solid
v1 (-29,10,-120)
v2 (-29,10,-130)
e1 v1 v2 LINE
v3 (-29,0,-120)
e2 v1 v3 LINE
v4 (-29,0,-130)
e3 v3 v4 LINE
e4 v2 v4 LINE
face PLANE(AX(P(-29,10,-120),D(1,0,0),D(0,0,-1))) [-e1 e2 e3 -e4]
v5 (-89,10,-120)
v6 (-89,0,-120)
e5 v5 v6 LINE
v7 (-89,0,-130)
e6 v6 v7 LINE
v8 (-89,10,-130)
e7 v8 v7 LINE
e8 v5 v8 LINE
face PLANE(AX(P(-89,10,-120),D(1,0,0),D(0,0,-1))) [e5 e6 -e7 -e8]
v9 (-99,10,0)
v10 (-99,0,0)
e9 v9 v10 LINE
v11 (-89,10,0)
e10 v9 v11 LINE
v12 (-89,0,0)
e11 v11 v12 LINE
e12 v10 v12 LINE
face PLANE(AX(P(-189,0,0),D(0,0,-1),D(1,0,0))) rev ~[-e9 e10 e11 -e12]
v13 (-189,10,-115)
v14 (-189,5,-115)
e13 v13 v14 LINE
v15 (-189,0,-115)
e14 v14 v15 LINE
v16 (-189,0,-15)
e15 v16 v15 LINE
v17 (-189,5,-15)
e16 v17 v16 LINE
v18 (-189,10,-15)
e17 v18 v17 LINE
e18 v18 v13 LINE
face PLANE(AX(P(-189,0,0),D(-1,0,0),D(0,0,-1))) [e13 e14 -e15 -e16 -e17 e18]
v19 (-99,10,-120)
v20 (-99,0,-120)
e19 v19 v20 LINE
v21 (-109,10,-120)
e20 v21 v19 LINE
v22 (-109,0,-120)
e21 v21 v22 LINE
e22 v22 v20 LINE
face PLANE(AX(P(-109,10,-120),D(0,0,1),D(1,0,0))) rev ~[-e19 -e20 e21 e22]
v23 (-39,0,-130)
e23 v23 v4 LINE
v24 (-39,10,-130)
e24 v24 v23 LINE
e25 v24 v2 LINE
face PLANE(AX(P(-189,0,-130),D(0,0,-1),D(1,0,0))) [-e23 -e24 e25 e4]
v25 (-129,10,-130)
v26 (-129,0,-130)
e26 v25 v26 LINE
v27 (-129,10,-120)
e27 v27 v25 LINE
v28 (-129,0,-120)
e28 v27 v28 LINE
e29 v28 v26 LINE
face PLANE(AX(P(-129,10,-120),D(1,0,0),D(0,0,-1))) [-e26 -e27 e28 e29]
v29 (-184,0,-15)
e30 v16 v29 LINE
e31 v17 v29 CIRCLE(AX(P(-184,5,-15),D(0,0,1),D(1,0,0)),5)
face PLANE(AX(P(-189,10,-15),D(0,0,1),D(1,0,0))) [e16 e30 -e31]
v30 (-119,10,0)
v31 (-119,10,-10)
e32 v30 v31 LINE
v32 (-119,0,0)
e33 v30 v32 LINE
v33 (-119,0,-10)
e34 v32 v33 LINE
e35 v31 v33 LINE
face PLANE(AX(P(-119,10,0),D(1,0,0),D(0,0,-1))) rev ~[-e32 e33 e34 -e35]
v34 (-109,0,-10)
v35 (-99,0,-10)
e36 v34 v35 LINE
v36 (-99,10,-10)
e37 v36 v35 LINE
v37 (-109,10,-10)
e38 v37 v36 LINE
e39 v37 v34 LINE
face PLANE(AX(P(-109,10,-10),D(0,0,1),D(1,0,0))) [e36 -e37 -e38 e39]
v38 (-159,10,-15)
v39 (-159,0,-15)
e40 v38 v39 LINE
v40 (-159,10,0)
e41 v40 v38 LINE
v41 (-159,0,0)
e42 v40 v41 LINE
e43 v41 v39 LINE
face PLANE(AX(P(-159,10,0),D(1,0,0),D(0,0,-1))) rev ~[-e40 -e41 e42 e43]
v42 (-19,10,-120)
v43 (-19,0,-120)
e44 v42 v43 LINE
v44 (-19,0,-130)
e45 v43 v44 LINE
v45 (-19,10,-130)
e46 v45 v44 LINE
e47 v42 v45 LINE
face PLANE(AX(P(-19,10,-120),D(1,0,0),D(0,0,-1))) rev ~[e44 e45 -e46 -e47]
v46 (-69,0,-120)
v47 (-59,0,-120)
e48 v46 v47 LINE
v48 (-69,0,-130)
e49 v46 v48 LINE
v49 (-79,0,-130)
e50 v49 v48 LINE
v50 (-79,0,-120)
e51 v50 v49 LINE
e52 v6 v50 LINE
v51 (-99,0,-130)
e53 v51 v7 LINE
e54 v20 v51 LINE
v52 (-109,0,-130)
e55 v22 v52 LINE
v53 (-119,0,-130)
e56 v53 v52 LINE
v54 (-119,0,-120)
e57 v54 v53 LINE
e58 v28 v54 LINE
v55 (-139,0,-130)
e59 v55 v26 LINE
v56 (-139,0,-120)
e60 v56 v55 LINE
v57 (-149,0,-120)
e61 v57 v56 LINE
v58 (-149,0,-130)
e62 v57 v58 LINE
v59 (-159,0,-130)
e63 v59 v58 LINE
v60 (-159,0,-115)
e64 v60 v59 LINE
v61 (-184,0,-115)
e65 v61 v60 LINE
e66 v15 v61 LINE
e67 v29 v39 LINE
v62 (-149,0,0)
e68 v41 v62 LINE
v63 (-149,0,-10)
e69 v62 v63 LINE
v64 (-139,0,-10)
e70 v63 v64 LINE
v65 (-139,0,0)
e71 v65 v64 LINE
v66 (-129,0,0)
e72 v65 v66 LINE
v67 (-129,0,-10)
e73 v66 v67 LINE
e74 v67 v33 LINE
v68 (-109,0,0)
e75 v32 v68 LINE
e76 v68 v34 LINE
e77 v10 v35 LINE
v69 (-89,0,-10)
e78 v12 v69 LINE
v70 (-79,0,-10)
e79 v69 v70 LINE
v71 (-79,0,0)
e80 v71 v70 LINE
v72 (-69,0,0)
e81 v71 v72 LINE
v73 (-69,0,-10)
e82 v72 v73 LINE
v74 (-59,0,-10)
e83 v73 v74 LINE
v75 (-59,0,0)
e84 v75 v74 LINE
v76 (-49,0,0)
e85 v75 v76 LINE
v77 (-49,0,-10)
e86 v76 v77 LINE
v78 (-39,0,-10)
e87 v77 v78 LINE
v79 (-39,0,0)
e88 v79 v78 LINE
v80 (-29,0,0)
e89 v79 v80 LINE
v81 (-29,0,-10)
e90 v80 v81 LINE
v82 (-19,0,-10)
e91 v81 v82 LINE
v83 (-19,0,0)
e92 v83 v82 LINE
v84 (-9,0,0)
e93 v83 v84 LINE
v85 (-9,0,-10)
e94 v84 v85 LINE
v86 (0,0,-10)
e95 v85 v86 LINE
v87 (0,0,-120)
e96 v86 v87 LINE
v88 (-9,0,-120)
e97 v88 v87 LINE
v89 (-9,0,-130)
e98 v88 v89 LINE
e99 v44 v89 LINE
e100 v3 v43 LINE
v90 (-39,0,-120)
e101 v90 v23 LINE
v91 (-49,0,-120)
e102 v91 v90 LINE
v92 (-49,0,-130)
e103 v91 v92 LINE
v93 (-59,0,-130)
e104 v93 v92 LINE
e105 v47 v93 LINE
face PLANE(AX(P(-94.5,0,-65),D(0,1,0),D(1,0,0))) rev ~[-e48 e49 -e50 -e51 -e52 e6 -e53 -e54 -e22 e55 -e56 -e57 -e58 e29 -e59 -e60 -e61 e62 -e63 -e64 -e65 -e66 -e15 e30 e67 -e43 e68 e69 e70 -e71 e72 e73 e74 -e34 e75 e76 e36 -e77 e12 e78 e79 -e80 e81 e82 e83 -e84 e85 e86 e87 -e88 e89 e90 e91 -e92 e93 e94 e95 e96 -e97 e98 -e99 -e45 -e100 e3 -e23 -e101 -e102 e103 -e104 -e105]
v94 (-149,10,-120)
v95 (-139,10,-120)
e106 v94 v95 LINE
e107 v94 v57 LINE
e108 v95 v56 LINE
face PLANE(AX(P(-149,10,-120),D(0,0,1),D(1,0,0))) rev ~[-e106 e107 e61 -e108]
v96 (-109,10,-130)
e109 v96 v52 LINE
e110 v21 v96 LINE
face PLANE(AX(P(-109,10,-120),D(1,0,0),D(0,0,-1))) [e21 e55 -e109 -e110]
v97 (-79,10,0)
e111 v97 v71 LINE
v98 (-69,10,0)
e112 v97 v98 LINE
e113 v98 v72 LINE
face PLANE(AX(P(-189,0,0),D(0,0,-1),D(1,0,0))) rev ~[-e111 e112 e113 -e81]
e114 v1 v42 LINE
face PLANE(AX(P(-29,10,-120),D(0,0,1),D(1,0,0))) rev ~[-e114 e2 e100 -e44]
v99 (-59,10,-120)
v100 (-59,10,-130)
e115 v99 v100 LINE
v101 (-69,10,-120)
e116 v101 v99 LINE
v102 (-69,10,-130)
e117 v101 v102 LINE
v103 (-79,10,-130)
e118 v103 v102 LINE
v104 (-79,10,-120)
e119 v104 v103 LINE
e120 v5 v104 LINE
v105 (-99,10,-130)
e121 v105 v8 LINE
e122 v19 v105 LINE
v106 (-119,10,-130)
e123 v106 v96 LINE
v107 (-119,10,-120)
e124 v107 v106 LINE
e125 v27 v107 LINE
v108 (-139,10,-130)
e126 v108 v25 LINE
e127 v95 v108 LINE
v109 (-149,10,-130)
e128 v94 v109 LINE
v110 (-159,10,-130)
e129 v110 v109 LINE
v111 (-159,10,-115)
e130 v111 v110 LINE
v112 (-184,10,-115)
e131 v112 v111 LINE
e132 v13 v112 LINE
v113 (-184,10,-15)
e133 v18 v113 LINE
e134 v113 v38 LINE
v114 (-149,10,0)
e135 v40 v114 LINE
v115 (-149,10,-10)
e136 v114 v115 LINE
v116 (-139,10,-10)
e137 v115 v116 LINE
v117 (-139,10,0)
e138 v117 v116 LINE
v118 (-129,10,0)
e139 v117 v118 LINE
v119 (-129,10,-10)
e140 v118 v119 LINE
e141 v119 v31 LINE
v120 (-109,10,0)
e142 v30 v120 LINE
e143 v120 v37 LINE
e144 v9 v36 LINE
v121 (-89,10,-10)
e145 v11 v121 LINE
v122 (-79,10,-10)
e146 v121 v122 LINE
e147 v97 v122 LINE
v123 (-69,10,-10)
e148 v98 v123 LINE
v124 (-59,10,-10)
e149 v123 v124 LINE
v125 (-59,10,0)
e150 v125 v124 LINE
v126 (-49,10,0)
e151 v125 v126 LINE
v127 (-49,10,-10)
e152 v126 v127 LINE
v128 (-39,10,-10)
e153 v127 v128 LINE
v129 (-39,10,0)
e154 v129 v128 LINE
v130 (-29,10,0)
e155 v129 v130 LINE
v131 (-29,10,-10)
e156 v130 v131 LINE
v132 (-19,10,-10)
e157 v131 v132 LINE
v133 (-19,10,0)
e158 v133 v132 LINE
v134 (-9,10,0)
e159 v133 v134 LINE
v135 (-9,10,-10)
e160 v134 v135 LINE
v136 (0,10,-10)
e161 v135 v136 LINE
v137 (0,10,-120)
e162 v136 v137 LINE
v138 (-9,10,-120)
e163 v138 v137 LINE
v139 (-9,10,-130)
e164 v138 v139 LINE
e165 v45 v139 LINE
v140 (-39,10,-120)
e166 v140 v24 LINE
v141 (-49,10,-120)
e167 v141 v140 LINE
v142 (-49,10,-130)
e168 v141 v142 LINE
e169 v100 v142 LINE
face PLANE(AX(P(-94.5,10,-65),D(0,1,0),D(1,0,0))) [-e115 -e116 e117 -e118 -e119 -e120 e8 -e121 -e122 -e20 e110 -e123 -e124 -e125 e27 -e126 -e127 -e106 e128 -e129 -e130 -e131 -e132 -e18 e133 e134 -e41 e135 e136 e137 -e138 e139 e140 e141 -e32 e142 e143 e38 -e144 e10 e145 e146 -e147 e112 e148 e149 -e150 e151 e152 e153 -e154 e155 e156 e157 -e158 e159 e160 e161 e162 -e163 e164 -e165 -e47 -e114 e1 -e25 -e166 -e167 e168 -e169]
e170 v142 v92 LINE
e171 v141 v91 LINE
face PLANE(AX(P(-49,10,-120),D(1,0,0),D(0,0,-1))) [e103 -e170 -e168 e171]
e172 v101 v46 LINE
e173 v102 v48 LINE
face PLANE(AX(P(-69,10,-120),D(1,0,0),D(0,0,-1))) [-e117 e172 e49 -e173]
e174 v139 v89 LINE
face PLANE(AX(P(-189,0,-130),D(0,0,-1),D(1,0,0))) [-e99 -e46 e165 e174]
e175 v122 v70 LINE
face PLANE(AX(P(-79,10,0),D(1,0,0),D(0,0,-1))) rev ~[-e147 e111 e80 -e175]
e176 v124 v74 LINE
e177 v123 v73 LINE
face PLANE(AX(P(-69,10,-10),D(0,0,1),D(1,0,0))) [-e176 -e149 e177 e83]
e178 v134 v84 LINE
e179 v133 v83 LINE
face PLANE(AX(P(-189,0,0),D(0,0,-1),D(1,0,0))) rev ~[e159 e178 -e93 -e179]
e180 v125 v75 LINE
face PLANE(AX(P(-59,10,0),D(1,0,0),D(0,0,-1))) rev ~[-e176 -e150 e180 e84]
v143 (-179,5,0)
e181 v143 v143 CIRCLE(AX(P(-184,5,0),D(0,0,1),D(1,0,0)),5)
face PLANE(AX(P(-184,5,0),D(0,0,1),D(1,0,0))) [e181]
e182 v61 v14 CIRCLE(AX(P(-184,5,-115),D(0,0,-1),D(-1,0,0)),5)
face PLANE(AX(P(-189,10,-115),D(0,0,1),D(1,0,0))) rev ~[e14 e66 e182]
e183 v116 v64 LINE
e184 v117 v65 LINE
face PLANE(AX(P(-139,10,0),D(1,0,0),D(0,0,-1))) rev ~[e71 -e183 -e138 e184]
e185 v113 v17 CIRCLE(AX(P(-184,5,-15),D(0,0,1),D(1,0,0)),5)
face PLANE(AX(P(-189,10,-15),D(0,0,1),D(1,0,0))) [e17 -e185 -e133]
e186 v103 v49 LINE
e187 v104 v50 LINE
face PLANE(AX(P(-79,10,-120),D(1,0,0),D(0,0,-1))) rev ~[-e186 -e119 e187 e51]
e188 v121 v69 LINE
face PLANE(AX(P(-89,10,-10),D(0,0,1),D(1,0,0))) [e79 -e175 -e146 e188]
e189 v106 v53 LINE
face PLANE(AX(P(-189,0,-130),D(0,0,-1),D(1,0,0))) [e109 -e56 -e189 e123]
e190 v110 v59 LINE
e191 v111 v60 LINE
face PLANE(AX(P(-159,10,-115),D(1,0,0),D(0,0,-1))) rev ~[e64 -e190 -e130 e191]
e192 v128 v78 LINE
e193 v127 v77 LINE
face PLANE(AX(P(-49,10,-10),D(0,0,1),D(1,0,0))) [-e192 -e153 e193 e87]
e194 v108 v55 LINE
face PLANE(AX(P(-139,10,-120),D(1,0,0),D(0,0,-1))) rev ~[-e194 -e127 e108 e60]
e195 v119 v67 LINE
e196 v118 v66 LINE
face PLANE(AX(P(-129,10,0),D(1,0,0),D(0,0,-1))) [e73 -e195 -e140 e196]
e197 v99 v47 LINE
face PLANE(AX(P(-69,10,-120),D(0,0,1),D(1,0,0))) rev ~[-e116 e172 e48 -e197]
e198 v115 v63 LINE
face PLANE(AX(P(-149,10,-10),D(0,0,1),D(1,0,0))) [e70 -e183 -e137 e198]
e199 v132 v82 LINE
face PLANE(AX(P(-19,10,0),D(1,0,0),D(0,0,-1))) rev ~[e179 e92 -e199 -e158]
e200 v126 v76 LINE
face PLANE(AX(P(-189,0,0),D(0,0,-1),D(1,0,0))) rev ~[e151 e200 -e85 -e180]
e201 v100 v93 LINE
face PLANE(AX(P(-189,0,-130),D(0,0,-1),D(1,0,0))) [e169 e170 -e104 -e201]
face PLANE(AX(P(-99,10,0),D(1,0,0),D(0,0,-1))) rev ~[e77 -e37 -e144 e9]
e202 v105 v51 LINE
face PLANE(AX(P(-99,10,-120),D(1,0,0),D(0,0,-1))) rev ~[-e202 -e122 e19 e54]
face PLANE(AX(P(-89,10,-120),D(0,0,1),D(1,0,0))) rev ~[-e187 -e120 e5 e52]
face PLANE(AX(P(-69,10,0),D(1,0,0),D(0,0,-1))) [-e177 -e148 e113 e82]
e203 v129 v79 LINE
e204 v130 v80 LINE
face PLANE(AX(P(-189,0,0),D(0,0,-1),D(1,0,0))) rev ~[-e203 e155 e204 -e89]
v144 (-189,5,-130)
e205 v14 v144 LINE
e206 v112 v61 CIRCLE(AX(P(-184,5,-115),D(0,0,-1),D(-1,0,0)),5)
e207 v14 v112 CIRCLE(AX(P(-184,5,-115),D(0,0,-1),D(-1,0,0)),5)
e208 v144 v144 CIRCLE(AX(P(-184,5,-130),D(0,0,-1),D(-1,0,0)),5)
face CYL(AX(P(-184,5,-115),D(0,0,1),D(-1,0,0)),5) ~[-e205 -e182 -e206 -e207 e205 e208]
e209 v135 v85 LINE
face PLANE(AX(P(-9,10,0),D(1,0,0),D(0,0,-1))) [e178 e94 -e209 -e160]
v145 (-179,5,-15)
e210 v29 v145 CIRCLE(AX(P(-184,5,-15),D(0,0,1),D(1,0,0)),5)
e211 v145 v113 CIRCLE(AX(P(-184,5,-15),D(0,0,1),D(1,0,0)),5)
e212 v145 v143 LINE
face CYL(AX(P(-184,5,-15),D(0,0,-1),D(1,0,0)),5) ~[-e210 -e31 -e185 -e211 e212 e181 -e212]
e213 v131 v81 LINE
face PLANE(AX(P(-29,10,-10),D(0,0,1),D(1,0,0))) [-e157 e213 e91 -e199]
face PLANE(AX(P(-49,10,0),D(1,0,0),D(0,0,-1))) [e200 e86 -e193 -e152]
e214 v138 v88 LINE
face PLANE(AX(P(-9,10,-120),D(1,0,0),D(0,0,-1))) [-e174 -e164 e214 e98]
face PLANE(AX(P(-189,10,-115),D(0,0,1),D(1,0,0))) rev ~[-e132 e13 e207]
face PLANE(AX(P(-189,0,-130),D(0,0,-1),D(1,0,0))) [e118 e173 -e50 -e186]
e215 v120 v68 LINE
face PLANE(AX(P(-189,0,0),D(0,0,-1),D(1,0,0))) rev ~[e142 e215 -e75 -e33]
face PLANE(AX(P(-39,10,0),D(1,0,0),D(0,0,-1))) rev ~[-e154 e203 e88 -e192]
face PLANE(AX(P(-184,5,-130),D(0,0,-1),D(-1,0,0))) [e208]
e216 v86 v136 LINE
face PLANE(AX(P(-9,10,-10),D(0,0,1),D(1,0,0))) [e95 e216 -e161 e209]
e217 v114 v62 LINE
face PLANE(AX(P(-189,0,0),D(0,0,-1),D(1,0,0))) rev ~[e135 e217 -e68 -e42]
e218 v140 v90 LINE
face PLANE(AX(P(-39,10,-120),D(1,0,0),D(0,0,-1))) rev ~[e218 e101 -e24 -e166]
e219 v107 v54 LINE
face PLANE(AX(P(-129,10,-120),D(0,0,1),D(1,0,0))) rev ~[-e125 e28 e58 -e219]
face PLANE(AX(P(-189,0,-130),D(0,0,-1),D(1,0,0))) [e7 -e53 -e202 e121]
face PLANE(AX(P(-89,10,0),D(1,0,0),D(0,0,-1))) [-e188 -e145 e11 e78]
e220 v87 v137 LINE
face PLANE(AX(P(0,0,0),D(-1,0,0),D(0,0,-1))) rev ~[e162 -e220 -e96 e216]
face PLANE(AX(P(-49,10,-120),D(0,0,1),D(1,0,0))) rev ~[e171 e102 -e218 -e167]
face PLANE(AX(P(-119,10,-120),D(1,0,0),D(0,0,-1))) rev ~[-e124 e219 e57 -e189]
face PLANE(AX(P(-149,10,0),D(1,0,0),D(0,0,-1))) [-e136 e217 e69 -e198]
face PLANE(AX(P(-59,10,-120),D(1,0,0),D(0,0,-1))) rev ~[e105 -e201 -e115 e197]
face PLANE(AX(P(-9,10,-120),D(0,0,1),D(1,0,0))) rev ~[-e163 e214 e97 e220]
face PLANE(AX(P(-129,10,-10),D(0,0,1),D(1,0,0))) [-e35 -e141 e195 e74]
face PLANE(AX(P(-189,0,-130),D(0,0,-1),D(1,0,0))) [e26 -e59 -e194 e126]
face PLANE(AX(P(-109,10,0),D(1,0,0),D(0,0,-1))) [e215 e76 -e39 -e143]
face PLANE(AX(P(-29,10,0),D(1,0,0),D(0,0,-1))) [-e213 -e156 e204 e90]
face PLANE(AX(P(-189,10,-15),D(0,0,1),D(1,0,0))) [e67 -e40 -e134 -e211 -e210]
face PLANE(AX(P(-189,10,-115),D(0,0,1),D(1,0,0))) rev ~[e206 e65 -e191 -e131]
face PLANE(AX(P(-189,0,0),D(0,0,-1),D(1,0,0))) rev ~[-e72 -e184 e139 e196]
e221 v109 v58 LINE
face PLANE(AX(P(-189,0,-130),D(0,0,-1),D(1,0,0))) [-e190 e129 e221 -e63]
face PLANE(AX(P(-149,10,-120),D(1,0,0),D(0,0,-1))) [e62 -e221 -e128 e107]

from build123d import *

# Parameters (mm, degrees)
ESQUISSE1_W                = 189
ESQUISSE1_H                = 130
BOSS_EXTRU_1_DEPTH         = 10
ESQUISSE2_W                = 30
ESQUISSE2_H                = 15
ENL_V_MAT_EXTRU_1_DEPTH    = 10
ESQUISSE3_W                = 10
ESQUISSE3_H                = 10
ENL_V_MAT_EXTRU_2_DEPTH    = 10
R_P_TITION_LIN_AIRE1_COUNT = 8
R_P_TITION_LIN_AIRE1_PITCH = 20
ESQUISSE4_R                = 5
BOSS_EXTRU_2_DEPTH         = 15
ESQUISSE5_R                = 5
BOSS_EXTRU_4_DEPTH         = 15


with BuildPart() as part:
    # Esquisse1 → Boss.-Extru.1 (new body)
    with BuildSketch(Plane(origin=(0, 0, 0), x_dir=(1, 0, 0), z_dir=(0, 1, 0))):
        with Locations((-94.5, 65)):
            Rectangle(ESQUISSE1_W, ESQUISSE1_H)
    extrude(amount=BOSS_EXTRU_1_DEPTH)

    # Esquisse2 → Enlèv. mat.-Extru.1 (cut)
    with BuildSketch(Plane(origin=(0, 10, 0), x_dir=(1, 0, 0), z_dir=(0, 1, 0))):
        with Locations((-174, 122.5)):
            Rectangle(ESQUISSE2_W, ESQUISSE2_H)
        with Locations((-174, 7.5)):
            Rectangle(ESQUISSE2_W, ESQUISSE2_H)
    extrude(amount=-ENL_V_MAT_EXTRU_1_DEPTH, mode=Mode.SUBTRACT)

    # Esquisse3 → Enlèv. mat.-Extru.2 (cut)
    with BuildSketch(Plane(origin=(0, 10, 0), x_dir=(1, 0, 0), z_dir=(0, 1, 0))):
        with Locations((-144, 125)):
            Rectangle(ESQUISSE3_W, ESQUISSE3_H)
        with Locations((-144, 5)):
            Rectangle(ESQUISSE3_W, ESQUISSE3_H)
    enl_v_mat_extru_2 = extrude(amount=-ENL_V_MAT_EXTRU_2_DEPTH, mode=Mode.SUBTRACT)

    # Répétition linéaire1: Enlèv. mat.-Extru.2 ×8
    with Locations(*[(i * R_P_TITION_LIN_AIRE1_PITCH, 0, 0) for i in range(1, R_P_TITION_LIN_AIRE1_COUNT)]):
        add(enl_v_mat_extru_2, mode=Mode.SUBTRACT)

    # Esquisse4 → Boss.-Extru.2 (add)
    with BuildSketch(Plane.XY.offset(-15)):
        with Locations((-184, 5)):
            Circle(ESQUISSE4_R)
    extrude(amount=BOSS_EXTRU_2_DEPTH)

    # Esquisse5 → Boss.-Extru.4 (add)
    with BuildSketch(Plane(origin=(0, 0, -115), x_dir=(-1, 0, 0), z_dir=(0, 0, -1))):
        with Locations((184, 5)):
            Circle(ESQUISSE5_R)
    extrude(amount=BOSS_EXTRU_4_DEPTH)


solid = part.part
